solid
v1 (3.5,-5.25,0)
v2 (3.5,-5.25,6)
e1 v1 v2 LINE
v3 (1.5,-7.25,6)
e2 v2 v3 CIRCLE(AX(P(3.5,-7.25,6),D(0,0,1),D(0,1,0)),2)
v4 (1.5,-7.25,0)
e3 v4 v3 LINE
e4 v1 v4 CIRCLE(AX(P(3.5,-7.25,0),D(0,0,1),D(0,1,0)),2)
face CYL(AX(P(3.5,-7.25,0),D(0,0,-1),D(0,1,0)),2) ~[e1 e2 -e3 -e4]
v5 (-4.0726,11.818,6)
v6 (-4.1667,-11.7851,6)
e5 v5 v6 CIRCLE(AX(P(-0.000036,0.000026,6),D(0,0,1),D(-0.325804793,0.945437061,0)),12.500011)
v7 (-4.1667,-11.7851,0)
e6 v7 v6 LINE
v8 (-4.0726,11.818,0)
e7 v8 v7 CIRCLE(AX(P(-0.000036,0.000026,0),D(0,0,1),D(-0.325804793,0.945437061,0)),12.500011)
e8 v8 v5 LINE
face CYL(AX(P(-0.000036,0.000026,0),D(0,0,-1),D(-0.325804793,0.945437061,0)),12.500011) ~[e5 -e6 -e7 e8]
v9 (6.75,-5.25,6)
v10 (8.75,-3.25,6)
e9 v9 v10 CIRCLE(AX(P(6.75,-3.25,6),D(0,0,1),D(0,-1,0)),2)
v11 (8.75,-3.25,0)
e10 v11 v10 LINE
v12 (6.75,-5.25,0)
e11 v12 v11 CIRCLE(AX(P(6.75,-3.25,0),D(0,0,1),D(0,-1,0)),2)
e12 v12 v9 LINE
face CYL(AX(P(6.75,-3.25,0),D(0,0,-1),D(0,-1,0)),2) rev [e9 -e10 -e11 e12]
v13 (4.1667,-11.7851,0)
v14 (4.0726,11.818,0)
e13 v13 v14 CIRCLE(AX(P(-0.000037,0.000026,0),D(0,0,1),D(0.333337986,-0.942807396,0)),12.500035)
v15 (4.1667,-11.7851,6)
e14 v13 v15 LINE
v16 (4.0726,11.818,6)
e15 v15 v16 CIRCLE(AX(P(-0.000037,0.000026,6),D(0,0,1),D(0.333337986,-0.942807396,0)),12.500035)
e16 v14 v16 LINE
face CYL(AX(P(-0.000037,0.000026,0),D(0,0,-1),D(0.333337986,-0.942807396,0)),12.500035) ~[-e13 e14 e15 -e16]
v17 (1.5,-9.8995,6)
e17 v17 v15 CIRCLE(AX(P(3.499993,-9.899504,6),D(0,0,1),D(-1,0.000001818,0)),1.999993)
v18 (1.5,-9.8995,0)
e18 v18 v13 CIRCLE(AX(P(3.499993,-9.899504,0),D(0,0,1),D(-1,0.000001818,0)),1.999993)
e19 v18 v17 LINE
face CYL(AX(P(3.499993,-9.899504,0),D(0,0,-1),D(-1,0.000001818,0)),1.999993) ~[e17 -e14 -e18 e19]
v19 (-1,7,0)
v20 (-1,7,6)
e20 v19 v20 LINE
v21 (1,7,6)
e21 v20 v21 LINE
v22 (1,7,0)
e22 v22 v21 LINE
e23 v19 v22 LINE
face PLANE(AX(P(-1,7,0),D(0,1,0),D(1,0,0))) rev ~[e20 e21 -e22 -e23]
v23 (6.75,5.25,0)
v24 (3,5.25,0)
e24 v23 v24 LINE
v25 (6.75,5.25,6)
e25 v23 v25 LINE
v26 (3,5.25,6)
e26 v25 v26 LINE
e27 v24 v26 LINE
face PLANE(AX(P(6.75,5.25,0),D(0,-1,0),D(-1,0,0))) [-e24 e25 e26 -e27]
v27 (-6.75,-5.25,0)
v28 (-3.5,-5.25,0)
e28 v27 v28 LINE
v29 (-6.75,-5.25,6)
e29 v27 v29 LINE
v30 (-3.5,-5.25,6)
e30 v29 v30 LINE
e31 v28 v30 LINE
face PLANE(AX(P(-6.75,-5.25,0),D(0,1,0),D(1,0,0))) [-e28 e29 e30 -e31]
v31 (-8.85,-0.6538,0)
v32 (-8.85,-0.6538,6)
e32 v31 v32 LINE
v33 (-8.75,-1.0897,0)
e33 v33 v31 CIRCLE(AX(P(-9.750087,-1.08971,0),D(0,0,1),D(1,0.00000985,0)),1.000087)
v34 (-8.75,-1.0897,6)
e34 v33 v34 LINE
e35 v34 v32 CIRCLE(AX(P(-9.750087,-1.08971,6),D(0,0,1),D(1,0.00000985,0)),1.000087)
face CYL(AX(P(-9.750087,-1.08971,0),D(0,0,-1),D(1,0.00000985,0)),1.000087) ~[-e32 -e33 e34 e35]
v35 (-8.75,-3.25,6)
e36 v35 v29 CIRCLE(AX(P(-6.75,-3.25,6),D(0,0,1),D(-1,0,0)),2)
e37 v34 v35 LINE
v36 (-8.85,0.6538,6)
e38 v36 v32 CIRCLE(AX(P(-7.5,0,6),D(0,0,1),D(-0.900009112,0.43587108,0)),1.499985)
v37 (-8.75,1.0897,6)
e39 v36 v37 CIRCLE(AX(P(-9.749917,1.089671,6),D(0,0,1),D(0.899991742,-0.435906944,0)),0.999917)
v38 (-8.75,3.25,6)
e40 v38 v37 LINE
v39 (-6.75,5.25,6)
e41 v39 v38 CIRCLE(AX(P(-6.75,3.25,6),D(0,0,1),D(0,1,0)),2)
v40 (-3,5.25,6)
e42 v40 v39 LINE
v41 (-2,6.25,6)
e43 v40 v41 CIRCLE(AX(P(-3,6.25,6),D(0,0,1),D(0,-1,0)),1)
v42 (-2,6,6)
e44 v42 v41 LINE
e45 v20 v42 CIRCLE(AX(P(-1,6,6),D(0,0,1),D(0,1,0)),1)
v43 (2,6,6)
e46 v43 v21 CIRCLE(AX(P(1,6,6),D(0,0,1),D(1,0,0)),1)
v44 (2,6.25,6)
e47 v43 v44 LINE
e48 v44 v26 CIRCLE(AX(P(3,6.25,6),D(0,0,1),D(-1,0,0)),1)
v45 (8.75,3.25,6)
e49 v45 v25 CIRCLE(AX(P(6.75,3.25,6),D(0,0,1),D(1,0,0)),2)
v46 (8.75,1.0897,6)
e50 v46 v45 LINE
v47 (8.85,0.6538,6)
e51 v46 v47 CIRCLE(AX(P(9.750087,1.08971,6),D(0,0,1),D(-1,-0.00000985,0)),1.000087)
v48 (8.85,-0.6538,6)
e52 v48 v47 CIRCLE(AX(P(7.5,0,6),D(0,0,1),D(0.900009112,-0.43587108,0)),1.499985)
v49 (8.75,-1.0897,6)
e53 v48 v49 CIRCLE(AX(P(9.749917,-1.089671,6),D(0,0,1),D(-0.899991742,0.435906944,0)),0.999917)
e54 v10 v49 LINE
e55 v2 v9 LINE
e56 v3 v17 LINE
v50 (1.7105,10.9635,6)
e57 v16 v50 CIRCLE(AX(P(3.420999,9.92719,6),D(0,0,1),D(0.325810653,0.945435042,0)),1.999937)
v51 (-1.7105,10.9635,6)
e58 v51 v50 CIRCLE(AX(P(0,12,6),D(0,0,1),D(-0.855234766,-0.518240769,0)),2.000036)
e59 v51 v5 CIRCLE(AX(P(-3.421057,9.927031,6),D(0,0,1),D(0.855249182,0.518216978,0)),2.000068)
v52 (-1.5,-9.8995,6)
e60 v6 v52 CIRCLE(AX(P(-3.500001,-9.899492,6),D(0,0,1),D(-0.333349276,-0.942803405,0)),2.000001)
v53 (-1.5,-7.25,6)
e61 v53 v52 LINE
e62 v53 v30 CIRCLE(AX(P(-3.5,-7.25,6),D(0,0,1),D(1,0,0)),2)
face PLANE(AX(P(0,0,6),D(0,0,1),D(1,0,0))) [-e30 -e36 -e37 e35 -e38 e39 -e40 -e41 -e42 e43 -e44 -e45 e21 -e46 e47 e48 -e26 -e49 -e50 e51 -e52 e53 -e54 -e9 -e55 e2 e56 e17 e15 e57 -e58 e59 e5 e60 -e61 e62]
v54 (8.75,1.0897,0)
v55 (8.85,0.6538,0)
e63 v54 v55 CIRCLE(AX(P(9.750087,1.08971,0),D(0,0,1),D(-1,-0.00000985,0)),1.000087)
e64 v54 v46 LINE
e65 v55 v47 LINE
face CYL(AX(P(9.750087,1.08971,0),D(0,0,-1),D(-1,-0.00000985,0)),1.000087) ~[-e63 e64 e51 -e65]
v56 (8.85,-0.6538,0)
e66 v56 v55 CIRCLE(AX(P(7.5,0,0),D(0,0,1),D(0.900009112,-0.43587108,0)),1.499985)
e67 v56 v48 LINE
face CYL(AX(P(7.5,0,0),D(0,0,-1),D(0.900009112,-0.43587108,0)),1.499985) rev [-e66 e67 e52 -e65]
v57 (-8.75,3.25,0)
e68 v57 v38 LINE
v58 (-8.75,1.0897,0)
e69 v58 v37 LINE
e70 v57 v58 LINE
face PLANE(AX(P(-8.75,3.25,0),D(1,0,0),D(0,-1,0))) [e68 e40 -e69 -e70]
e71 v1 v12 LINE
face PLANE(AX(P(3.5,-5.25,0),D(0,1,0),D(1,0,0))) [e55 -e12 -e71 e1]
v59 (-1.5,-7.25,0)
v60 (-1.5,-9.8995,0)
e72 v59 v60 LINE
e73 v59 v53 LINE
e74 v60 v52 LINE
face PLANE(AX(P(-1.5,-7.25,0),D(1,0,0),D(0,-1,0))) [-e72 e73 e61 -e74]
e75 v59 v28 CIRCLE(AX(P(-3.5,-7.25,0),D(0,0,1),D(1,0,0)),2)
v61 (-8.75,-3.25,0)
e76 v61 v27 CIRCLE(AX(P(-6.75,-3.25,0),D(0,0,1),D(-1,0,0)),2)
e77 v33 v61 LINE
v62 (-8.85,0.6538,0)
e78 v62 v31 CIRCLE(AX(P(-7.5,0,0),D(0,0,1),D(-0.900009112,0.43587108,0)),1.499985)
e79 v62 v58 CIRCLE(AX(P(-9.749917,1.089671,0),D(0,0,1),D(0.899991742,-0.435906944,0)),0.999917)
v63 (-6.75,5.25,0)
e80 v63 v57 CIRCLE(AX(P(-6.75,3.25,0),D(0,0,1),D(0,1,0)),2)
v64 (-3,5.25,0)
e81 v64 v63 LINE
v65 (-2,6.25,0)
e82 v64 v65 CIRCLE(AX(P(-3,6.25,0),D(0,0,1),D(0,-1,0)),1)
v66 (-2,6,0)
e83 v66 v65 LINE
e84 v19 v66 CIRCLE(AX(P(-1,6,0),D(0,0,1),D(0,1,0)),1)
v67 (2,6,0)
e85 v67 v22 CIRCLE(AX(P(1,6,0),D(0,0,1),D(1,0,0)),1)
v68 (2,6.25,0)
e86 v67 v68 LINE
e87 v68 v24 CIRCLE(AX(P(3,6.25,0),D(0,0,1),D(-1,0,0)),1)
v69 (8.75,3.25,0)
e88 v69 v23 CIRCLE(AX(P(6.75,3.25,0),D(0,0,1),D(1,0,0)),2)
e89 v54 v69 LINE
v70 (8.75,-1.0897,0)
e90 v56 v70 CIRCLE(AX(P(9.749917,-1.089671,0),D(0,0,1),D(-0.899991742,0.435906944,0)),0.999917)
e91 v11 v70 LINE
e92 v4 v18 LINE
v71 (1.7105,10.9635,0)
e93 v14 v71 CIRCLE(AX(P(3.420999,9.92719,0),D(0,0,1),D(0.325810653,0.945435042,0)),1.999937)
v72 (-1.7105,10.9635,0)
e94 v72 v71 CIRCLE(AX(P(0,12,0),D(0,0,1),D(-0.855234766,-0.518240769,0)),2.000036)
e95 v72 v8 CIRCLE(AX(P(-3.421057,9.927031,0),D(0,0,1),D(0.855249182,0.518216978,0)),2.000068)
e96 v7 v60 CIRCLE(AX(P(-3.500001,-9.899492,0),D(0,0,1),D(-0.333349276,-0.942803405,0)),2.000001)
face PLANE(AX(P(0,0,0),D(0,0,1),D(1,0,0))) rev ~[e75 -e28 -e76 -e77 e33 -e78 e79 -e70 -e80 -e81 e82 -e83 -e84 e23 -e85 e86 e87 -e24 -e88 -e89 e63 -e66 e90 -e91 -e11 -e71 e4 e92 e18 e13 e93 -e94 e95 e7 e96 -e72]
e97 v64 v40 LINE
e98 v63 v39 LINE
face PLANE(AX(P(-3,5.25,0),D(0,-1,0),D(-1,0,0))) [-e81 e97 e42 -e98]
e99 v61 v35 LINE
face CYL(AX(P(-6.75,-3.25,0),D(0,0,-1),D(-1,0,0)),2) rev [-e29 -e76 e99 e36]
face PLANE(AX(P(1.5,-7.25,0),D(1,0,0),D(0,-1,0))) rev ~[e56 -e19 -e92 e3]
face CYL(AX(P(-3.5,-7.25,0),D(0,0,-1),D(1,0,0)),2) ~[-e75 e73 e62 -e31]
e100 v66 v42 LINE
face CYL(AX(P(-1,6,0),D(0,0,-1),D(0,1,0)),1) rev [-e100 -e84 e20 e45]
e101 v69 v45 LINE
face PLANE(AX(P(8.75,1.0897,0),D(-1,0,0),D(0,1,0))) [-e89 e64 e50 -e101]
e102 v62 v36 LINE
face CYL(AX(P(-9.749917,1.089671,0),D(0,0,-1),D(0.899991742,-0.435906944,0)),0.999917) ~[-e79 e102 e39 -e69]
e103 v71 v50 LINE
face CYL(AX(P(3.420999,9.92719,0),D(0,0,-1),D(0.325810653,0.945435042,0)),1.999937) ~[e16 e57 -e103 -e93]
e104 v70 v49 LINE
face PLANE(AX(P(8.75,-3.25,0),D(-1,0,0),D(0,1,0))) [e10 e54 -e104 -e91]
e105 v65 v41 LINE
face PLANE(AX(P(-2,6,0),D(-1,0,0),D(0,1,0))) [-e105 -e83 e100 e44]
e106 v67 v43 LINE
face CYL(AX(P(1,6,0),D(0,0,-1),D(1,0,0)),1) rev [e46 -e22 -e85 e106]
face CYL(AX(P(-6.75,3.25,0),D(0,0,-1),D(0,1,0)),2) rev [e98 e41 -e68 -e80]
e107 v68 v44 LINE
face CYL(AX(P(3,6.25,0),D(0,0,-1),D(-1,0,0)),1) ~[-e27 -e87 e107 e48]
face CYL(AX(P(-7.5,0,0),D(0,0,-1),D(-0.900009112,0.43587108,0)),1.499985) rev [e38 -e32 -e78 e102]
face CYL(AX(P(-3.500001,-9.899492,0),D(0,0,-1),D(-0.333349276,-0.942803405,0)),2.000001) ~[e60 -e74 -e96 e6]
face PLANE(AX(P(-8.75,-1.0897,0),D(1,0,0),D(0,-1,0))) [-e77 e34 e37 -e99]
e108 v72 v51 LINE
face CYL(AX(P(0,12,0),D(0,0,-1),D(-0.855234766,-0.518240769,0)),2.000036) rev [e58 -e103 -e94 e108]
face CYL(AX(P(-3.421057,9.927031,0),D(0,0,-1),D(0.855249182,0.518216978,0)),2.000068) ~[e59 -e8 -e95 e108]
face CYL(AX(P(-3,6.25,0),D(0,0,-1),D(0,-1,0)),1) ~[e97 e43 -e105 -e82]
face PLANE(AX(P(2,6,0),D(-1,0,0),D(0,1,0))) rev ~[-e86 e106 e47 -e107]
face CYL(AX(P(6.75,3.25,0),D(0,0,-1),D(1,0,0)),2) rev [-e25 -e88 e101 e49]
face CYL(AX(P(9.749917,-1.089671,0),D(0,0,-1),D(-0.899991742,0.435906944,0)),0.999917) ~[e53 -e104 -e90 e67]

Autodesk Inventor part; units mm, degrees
ref_plane "YZ Plane" through (0, 0, 0) normal (1, 0, 0) x (0, 1, 0)
ref_plane "XZ Plane" through (0, 0, 0) normal (0, 1, 0) x (-1, 0, 0)
ref_plane "XY Plane" through (0, 0, 0) normal (0, 0, 1) x (1, 0, 0)
sketch "Sketch1" plane through (0, 0, 0) normal (0, 0, 1) x (1, 0, 0)
  arc A0 (-1.7105, 10.9635) -> (1.7105, 10.9635) centre (0, 12) ccw
  arc A1 (-1.7105, 10.9635) -> (-4.0726, 11.818) centre (-3.421, 9.9271) ccw
  arc A2 (4.0726, 11.818) -> (1.7105, 10.9635) centre (3.421, 9.9271) ccw
  arc A3 (-6.75, 5.25) -> (-8.75, 3.25) centre (-6.75, 3.25) ccw
  arc A4 (8.75, 3.25) -> (6.75, 5.25) centre (6.75, 3.25) ccw
  arc A5 (-8.75, -3.25) -> (-6.75, -5.25) centre (-6.75, -3.25) ccw
  arc A6 (6.75, -5.25) -> (8.75, -3.25) centre (6.75, -3.25) ccw
  arc A7 (-8.85, 0.6538) -> (-8.85, -0.6538) centre (-7.5, 0) ccw
  arc A8 (8.85, -0.6538) -> (8.85, 0.6538) centre (7.5, 0) ccw
  line L0 (0, 6.25) -> (0, -6.25) construction
  line L1 (8.75, -3.25) -> (8.75, -1.0897)
  line L2 (8.75, 1.0897) -> (8.75, 3.25)
  line L3 (-8.75, 3.25) -> (-8.75, 1.0897)
  line L4 (-8.75, -1.0897) -> (-8.75, -3.25)
  line L5 (-1.5, -7.25) -> (-1.5, -9.8995)
  line L6 (1.5, -7.25) -> (1.5, -9.8995)
  line L7 (-7.5, 0) -> (7.5, 0) construction
  line L8 (-6.75, -5.25) -> (-3.5, -5.25)
  line L9 (3.5, -5.25) -> (6.75, -5.25)
  line L10 (-6.75, 5.25) -> (-6.75, -5.25) construction
  arc A9 (-1.5, -7.25) -> (-3.5, -5.25) centre (-3.5, -7.25) ccw
  arc A10 (3.5, -5.25) -> (1.5, -7.25) centre (3.5, -7.25) ccw
  arc A11 (-4.0726, 11.818) -> (-4.1667, -11.7851) centre (0, 0) ccw
  arc A12 (4.1667, -11.7851) -> (4.0726, 11.818) centre (0, 0) ccw
  arc A13 (-4.1667, -11.7851) -> (-1.5, -9.8995) centre (-3.5, -9.8995) ccw
  arc A14 (1.5, -9.8995) -> (4.1667, -11.7851) centre (3.5, -9.8995) ccw
  line L11 (-1, 7) -> (1, 7)
  line L12 (-2, 6) -> (-2, 6.25)
  line L13 (2, 6) -> (2, 6.25)
  line L14 (6.75, 5.25) -> (3, 5.25)
  line L15 (-3, 5.25) -> (-6.75, 5.25)
  arc A15 (-1, 7) -> (-2, 6) centre (-1, 6) ccw
  arc A16 (2, 6) -> (1, 7) centre (1, 6) ccw
  arc A17 (-3, 5.25) -> (-2, 6.25) centre (-3, 6.25) ccw
  arc A18 (2, 6.25) -> (3, 5.25) centre (3, 6.25) ccw
  arc A19 (-8.85, 0.6538) -> (-8.75, 1.0897) centre (-9.75, 1.0897) ccw
  arc A20 (-8.75, -1.0897) -> (-8.85, -0.6538) centre (-9.75, -1.0897) ccw
  arc A21 (8.75, 1.0897) -> (8.85, 0.6538) centre (9.75, 1.0897) ccw
  arc A22 (8.85, -0.6538) -> (8.75, -1.0897) centre (9.75, -1.0897) ccw
  line L16 (-8.75, 3.25) -> (8.75, 3.25) construction
  point P0 (0, 0)
  point P1 (-8.75, -0.8292)
  point P2 (-8.75, 0.8292)
  point P3 (8.75, 0.8292)
  point P4 (8.75, -0.8292)
  point P5 (-1.5, -12.4097)
  point P6 (1.5, -5.25)
  point P7 (1.5, -12.4097)
  point P8 (-1.5, -5.25)
  point P9 (-6.75, 0)
  point P10 (-2, 7)
  point P11 (2, 7)
  point P12 (0, 7)
  point P13 (0, 3.25)
  point P14 (0, 10)
  dimension "d3" = 4
  dimension "d5" = 2
  dimension "d6" = 2
  dimension "d7" = 3
  dimension "d8" = 3
  dimension "d10" = 15
  dimension "d11" = 3
  dimension "d15" = 2
  dimension "d16" = 2
  dimension "d17" = 2
  dimension "d18" = 7
  dimension "d19" = 4
  dimension "d20" = 10.5
  dimension "d21" = 1
  dimension "d22" = 1
  dimension "d25" = 12
  dimension "d26" = 12.5
  dimension "d27" = 17.5
extrude "Extrusion1" add sketch "Sketch1" along normal blind 6
properties part number "Aft Endcap Middle"
